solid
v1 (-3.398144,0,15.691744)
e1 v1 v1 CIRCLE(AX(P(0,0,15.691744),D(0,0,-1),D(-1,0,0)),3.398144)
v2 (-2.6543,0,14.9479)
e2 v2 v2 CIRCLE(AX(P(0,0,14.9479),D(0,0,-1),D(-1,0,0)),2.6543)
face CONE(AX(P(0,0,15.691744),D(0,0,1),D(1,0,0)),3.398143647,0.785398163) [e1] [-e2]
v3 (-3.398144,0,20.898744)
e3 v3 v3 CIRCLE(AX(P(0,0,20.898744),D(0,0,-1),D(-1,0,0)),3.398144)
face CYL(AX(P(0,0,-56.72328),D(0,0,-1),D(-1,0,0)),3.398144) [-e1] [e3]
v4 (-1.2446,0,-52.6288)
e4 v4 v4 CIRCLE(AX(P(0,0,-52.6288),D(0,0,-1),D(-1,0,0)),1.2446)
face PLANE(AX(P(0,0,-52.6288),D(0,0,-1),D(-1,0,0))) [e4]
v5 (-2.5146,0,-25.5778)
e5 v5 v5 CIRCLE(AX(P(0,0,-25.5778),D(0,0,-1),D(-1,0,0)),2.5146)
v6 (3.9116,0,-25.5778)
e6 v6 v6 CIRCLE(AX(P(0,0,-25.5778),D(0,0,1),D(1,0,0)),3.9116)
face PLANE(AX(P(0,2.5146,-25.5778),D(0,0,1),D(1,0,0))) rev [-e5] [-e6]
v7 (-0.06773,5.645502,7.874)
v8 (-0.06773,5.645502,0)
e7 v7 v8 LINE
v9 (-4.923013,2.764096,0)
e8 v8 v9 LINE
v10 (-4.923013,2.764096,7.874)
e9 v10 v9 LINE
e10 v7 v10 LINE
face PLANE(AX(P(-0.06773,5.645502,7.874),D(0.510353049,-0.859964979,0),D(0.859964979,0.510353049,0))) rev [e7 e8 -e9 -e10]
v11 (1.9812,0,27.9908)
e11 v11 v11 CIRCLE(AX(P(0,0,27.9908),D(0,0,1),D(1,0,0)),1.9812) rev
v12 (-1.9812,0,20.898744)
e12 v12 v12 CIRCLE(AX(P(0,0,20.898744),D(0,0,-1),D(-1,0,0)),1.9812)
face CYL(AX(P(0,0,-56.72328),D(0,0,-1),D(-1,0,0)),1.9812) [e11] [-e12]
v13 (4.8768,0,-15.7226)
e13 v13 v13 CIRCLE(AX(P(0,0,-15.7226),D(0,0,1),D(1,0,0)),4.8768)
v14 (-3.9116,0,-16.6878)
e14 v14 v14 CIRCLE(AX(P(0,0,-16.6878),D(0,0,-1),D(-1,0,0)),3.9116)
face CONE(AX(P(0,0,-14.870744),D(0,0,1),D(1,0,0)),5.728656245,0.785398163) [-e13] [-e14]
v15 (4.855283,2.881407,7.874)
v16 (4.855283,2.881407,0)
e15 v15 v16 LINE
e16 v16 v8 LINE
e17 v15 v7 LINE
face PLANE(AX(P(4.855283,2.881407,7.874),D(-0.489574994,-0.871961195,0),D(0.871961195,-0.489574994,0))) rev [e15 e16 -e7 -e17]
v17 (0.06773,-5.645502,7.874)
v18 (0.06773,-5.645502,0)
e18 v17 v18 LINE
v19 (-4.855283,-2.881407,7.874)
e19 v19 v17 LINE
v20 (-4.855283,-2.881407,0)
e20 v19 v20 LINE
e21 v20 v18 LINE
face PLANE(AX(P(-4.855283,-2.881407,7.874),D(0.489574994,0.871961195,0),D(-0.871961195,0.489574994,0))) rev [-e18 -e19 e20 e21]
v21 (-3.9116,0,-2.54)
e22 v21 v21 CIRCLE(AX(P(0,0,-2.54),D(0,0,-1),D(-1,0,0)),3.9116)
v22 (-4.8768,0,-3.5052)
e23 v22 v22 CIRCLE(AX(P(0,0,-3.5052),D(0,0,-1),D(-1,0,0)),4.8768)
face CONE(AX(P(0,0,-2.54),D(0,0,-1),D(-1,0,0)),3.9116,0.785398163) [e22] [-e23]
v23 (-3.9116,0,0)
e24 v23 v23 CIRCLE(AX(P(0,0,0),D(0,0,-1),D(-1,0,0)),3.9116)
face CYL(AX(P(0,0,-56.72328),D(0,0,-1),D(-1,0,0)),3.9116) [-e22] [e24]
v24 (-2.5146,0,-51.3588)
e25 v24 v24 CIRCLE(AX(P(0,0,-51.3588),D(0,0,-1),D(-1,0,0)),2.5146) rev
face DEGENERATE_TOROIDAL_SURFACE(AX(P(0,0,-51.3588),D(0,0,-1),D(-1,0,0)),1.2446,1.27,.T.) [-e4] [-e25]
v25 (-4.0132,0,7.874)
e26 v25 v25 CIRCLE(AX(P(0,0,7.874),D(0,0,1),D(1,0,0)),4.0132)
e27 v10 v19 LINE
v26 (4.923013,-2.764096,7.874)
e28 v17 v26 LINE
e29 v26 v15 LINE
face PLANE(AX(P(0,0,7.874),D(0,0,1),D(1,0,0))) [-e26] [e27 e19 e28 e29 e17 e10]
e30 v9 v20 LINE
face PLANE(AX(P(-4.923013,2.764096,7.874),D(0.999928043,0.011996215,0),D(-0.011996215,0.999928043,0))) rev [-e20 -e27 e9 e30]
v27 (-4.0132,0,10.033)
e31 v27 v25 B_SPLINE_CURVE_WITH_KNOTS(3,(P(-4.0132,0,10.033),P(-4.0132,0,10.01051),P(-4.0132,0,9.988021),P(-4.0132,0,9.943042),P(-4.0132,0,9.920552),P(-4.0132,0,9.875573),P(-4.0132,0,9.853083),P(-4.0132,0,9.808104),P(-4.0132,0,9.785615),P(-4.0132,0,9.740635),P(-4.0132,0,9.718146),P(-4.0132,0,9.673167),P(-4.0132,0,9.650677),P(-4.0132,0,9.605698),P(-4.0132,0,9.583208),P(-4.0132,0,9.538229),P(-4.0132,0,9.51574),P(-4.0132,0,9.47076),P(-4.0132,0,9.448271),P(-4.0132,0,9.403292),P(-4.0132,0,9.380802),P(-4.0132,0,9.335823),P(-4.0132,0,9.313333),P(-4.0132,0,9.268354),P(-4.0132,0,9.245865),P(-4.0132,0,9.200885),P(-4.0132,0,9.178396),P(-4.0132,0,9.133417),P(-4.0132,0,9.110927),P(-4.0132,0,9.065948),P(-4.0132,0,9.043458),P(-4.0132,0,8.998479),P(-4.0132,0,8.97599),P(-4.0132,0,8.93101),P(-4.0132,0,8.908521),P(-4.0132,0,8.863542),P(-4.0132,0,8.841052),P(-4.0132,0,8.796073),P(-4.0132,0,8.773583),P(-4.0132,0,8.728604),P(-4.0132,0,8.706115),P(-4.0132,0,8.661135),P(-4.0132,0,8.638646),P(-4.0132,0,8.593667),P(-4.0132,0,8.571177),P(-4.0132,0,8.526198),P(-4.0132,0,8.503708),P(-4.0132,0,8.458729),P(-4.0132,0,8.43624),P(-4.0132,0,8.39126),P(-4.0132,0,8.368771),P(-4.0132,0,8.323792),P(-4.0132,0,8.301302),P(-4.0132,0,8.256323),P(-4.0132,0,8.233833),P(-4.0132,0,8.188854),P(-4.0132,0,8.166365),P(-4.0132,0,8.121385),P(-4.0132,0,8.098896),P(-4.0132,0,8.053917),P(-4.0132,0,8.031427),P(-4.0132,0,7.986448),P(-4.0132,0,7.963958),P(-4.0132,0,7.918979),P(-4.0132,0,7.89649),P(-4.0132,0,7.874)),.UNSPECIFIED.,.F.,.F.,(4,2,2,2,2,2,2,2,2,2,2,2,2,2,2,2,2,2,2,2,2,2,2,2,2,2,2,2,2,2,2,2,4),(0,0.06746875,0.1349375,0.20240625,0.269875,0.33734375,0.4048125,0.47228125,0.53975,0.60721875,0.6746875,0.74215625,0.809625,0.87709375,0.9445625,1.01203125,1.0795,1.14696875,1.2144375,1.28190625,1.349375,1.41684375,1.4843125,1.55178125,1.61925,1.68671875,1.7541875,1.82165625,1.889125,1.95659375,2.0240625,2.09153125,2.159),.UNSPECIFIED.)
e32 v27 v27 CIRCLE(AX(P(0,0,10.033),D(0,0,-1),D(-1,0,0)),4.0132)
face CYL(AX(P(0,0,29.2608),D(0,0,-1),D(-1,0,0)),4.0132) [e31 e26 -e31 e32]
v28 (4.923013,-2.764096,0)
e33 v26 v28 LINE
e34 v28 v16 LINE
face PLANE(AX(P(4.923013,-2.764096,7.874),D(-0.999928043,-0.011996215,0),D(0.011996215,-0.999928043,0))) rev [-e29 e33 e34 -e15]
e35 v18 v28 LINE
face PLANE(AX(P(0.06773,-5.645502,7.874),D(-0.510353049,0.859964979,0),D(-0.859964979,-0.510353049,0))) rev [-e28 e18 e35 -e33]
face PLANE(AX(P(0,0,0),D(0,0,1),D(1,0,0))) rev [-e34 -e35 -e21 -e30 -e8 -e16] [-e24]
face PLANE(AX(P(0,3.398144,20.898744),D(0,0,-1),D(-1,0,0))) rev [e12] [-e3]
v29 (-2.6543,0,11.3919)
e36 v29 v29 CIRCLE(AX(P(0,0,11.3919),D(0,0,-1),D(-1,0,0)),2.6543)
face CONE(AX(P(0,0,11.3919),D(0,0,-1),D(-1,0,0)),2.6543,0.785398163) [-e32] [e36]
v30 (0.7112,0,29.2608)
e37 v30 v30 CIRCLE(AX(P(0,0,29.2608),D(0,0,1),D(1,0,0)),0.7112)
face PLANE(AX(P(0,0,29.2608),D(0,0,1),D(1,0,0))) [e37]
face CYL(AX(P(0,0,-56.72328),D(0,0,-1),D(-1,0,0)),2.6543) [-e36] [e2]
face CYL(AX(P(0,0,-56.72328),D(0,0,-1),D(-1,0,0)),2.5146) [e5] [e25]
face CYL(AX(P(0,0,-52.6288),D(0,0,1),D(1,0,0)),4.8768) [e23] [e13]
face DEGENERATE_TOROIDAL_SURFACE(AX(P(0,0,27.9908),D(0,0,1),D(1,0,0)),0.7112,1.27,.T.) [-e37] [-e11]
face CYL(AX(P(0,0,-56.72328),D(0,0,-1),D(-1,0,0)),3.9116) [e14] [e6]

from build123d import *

# Parameters (mm, degrees)
BOSS_EXTRUDE1_DEPTH = 7.874
SKETCH2_R           = 4.0132
BOSS_EXTRUDE2_DEPTH = 21.3868
SKETCH3_R           = 4.8768
BOSS_EXTRUDE3_DEPTH = 52.6288
SKETCH10_W          = 30.48
SKETCH10_H          = 3.81
FILLET1_R           = 1.27
FILLET2_R           = 1.27


with BuildPart() as part:
    # Sketch1 → Boss-Extrude1 (new body)
    with BuildSketch(Plane.XY):
        Polygon((4.8552834, 2.881406504), (-0.067729531, 5.645502019), (-4.923012931, 2.764095515), (-4.8552834, -2.881406504), (0.067729531, -5.645502019), (4.923012931, -2.764095515), align=None)
    extrude(amount=BOSS_EXTRUDE1_DEPTH)

    # Sketch2 → Boss-Extrude2 (add)
    with BuildSketch(Plane.XY.offset(7.874)):
        with Locations(Location((0, 0, 0), (0, 0, 180))):
            Circle(SKETCH2_R)
    extrude(amount=BOSS_EXTRUDE2_DEPTH)

    # Sketch3 → Boss-Extrude3 (add)
    with BuildSketch(Plane(origin=(0, 0, 0), x_dir=(-1, 0, 0), z_dir=(0, 0, -1))):
        Circle(SKETCH3_R)
    extrude(amount=BOSS_EXTRUDE3_DEPTH)

    # Sketch8 → Cut-Revolve1 (revolve, cut)
    with BuildSketch(Plane(origin=(0, 0, 0), x_dir=(0, 0, -1), z_dir=(1, 0, 0)), mode=Mode.PRIVATE) as cut_revolve1_sk:
        Polygon((0, 3.9116), (2.54, 3.9116), (4.896343106, 6.267943106), (4.896343106, 7.7216), (0, 7.7216), align=None)
    revolve(cut_revolve1_sk.sketch.rotate(Axis((0, 0, -56.72328), (0, 0, 1)), 90), axis=Axis((0, 0, -56.72328), (0, 0, 1)), mode=Mode.SUBTRACT)

    # Sketch9 → Cut-Revolve2 (revolve, cut)
    with BuildSketch(Plane(origin=(0, 0, 0), x_dir=(0, 0, -1), z_dir=(1, 0, 0)), mode=Mode.PRIVATE) as cut_revolve2_sk:
        Polygon((16.6878, 3.9116), (14.870743755, 5.728656245), (14.870743755, 7.7216), (25.5778, 7.7216), (25.5778, 3.9116), align=None)
    revolve(cut_revolve2_sk.sketch.rotate(Axis((0, 0, -56.72328), (0, 0, 1)), 270), axis=Axis((0, 0, -56.72328), (0, 0, 1)), mode=Mode.SUBTRACT)

    # Sketch10 → Cut-Revolve3 (revolve, cut)
    with BuildSketch(Plane(origin=(0, 0, 0), x_dir=(0, 0, -1), z_dir=(1, 0, 0)), mode=Mode.PRIVATE) as cut_revolve3_sk:
        with Locations((40.8178, 4.4196)):
            Rectangle(SKETCH10_W, SKETCH10_H)
    revolve(cut_revolve3_sk.sketch.rotate(Axis((0, 0, -56.72328), (0, 0, 1)), 270), axis=Axis((0, 0, -56.72328), (0, 0, 1)), mode=Mode.SUBTRACT)

    # Fillet1
    fillet1_edges = [part.edges().sort_by_distance(p)[0] for p in [
        (-2.5146, 0, -52.6288),
    ]]
    fillet(fillet1_edges, radius=FILLET1_R)

    # Sketch13 → Cut-Revolve4 (revolve, cut)
    with BuildSketch(Plane(origin=(0, 0, 0), x_dir=(0, 0, -1), z_dir=(1, 0, 0)), mode=Mode.PRIVATE) as cut_revolve4_sk:
        Polygon((-10.033, 4.0132), (-11.3919, 2.6543), (-14.9479, 2.6543), (-15.691743647, 3.398143647), (-20.898743647, 3.398143647), (-20.898743647, 1.9812), (-29.2608, 1.9812), (-29.2608, 6.514945502), (-10.033, 6.514945502), align=None)
    revolve(cut_revolve4_sk.sketch.rotate(Axis((0, 0, -56.72328), (0, 0, 1)), 90), axis=Axis((0, 0, -56.72328), (0, 0, 1)), mode=Mode.SUBTRACT)

    # Fillet2
    fillet2_edges = [part.edges().sort_by_distance(p)[0] for p in [
        (1.9812, 0, 29.2608),
    ]]
    fillet(fillet2_edges, radius=FILLET2_R)


solid = part.part
